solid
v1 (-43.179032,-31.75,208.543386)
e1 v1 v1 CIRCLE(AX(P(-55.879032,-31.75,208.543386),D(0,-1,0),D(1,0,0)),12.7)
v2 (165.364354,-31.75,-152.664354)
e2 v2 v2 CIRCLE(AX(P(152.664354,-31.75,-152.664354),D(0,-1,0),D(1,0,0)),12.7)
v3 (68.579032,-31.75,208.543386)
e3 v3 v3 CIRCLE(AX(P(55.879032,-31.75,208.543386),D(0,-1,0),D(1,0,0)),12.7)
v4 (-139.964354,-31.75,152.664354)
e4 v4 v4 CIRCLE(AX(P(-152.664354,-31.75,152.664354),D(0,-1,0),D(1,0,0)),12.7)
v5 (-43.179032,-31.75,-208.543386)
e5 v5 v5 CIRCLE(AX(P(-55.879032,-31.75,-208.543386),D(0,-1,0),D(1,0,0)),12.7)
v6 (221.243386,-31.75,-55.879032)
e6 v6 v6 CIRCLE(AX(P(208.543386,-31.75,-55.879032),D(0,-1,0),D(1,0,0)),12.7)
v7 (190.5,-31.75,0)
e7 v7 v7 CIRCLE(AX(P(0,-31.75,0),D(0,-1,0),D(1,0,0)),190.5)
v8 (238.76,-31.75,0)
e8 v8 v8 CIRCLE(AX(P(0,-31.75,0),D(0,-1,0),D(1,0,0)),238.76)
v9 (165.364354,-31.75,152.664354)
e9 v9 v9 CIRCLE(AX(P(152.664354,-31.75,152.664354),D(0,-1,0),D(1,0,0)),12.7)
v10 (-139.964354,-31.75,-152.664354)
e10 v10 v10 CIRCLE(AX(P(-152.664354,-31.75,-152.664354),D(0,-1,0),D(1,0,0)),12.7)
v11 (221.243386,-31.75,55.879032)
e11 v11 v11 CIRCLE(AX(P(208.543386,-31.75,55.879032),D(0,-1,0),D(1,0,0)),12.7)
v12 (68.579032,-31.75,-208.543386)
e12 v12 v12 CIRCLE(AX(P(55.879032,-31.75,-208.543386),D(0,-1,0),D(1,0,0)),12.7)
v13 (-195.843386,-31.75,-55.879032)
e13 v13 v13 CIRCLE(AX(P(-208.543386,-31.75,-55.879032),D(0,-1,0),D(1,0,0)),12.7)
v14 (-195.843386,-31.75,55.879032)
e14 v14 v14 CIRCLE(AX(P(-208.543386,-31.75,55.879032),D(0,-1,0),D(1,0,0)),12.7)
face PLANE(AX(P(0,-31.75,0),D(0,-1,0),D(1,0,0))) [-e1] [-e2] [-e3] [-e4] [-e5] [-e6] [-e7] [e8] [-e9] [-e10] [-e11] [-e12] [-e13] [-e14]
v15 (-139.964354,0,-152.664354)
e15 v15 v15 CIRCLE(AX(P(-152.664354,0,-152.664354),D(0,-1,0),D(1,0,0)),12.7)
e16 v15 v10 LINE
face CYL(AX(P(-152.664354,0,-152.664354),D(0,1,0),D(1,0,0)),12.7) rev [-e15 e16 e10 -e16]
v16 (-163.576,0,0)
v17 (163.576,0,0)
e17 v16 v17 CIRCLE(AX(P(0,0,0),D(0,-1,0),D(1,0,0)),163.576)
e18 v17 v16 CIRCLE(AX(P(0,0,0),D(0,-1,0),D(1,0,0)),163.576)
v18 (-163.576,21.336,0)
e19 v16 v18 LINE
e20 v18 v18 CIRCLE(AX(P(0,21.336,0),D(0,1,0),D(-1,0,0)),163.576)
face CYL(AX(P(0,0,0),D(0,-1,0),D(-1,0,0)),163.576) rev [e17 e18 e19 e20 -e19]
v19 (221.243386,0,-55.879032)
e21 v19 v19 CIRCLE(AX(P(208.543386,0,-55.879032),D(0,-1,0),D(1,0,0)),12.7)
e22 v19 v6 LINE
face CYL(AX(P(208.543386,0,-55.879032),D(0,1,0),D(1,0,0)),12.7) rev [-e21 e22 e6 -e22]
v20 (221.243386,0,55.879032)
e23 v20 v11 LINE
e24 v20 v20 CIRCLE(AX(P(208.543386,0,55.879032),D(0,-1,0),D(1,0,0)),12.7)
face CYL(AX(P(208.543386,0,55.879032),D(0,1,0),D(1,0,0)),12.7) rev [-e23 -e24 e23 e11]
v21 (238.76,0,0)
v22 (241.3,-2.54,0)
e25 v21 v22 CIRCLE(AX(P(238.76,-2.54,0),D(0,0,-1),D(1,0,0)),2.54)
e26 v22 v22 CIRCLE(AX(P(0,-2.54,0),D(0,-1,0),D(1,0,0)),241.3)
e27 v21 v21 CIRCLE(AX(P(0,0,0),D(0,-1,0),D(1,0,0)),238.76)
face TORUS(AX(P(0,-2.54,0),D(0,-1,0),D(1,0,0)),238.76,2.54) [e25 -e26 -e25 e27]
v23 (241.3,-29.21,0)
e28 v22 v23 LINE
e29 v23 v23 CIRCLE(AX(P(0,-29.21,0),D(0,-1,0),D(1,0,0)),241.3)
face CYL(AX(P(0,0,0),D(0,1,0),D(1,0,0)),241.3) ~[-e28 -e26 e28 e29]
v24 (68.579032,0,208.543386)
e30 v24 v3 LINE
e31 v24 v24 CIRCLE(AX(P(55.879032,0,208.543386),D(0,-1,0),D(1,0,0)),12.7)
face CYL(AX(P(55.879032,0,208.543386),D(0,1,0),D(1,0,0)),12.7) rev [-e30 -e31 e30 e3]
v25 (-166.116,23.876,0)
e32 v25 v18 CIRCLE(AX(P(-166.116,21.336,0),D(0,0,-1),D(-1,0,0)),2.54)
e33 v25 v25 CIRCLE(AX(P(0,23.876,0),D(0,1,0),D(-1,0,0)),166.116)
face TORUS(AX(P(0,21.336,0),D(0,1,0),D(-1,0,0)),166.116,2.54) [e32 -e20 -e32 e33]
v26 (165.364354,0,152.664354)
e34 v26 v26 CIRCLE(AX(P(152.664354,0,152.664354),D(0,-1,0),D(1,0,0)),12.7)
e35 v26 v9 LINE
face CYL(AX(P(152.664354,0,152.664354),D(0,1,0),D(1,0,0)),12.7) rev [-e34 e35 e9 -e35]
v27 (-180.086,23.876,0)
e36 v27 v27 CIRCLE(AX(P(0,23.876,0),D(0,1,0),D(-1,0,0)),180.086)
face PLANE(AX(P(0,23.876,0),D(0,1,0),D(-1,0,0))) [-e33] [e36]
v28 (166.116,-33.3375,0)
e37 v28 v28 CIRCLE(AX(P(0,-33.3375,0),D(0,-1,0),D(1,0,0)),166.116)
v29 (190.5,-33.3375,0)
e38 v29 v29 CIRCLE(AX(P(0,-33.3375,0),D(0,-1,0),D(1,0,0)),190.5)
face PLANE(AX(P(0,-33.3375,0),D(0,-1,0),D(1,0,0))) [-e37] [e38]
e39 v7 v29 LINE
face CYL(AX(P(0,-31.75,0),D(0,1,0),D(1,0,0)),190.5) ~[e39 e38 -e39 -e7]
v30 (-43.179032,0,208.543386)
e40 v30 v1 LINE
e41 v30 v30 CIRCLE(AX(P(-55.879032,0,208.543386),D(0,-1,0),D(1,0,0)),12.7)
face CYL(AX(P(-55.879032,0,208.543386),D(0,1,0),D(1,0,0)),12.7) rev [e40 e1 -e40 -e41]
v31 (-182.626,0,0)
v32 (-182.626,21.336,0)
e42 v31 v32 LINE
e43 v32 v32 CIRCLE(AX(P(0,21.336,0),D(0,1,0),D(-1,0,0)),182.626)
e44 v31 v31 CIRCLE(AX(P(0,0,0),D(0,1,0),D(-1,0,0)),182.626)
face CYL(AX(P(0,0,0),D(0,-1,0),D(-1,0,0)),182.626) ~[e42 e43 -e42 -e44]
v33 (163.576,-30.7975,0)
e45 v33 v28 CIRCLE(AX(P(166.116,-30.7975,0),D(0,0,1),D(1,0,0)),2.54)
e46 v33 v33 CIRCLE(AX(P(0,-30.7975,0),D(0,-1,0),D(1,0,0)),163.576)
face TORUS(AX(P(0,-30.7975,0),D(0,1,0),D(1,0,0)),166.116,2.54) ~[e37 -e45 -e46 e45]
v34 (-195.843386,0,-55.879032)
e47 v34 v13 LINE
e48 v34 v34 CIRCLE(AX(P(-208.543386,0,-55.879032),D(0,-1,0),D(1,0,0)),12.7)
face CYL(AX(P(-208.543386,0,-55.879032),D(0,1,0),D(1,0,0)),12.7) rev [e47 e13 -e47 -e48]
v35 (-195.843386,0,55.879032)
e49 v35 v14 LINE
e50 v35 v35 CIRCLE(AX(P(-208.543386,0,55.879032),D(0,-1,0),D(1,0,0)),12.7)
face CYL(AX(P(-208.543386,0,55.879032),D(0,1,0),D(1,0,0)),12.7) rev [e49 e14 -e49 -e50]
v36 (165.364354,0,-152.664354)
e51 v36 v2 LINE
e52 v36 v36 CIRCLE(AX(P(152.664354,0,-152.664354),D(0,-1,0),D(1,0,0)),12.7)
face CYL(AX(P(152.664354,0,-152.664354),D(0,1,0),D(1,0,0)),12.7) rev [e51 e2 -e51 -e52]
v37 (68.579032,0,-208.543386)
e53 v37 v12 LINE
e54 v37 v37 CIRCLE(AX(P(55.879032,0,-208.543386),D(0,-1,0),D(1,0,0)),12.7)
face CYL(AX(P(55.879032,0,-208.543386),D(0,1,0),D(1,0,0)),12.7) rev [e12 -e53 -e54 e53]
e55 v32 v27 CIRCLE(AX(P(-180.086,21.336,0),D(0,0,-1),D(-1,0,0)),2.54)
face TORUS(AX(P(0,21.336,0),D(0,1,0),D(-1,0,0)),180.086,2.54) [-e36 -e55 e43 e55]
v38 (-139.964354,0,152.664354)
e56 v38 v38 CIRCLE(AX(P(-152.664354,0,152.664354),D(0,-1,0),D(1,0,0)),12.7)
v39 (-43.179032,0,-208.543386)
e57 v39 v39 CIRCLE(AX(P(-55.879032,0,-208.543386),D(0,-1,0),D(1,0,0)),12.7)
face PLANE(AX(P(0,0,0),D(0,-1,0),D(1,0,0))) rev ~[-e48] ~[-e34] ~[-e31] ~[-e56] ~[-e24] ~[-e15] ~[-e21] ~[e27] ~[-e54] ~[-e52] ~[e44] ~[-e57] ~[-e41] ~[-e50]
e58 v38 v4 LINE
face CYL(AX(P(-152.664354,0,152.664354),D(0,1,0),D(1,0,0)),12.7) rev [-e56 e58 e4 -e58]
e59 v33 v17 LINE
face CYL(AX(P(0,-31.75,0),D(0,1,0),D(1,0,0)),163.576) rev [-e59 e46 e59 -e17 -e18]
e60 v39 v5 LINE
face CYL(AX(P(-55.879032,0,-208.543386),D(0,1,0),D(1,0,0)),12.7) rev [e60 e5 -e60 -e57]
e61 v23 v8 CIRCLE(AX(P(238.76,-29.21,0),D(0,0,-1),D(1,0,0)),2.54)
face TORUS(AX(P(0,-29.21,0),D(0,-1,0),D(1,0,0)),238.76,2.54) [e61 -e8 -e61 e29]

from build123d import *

# Parameters (mm, degrees)
F0_R     = 241.3
F0_R_2   = 12.7
F0_R_3   = 163.576
F1_DEPTH = 31.75
F2_R     = 190.5
F2_R_2   = 163.576
F3_DEPTH = 1.5875
F4_R     = 182.626
F4_R_2   = 163.576
F5_DEPTH = 23.876
F6_R     = 2.54


with BuildPart() as f1:
    # F0 (on Front) → F1 (new body)
    with BuildSketch(Plane.XZ):
        Circle(F0_R)
        with Locations((-152.664354, -152.664354)):
            Circle(F0_R_2, mode=Mode.SUBTRACT)
        with Locations((-55.879032, -208.543386)):
            Circle(F0_R_2, mode=Mode.SUBTRACT)
        with Locations((-208.543386, -55.879032)):
            Circle(F0_R_2, mode=Mode.SUBTRACT)
        with Locations((55.879032, -208.543386)):
            Circle(F0_R_2, mode=Mode.SUBTRACT)
        with Locations((152.664354, -152.664354)):
            Circle(F0_R_2, mode=Mode.SUBTRACT)
        with Locations((208.543386, -55.879032)):
            Circle(F0_R_2, mode=Mode.SUBTRACT)
        with Locations((-208.543386, 55.879032)):
            Circle(F0_R_2, mode=Mode.SUBTRACT)
        with Locations((-152.664354, 152.664354)):
            Circle(F0_R_2, mode=Mode.SUBTRACT)
        with Locations((-55.879032, 208.543386)):
            Circle(F0_R_2, mode=Mode.SUBTRACT)
        Circle(F0_R_3, mode=Mode.SUBTRACT)
        with Locations((208.543386, 55.879032)):
            Circle(F0_R_2, mode=Mode.SUBTRACT)
        with Locations((55.879032, 208.543386)):
            Circle(F0_R_2, mode=Mode.SUBTRACT)
        with Locations((152.664354, 152.664354)):
            Circle(F0_R_2, mode=Mode.SUBTRACT)
    extrude(amount=F1_DEPTH)

    # F2 (on face) → F3 (join)
    with BuildSketch(Plane.XZ.offset(31.75)):
        Circle(F2_R)
        Circle(F2_R_2, mode=Mode.SUBTRACT)
    extrude(amount=F3_DEPTH)

    # F4 (on face) → F5 (join)
    with BuildSketch(Plane(origin=(0, 0, 0), x_dir=(-1, 0, 0), z_dir=(0, 1, 0))):
        Circle(F4_R)
        Circle(F4_R_2, mode=Mode.SUBTRACT)
    extrude(amount=F5_DEPTH)

    # F6
    f6_edges = [f1.edges().sort_by_distance(p)[0] for p in [
        (163.576, 23.876, 0),
        (182.626, 23.876, 0),
        (-241.3, 0, 0),
        (-241.3, -31.75, 0),
        (-163.576, -33.3375, 0),
    ]]
    fillet(f6_edges, radius=F6_R)


solid = f1.part
